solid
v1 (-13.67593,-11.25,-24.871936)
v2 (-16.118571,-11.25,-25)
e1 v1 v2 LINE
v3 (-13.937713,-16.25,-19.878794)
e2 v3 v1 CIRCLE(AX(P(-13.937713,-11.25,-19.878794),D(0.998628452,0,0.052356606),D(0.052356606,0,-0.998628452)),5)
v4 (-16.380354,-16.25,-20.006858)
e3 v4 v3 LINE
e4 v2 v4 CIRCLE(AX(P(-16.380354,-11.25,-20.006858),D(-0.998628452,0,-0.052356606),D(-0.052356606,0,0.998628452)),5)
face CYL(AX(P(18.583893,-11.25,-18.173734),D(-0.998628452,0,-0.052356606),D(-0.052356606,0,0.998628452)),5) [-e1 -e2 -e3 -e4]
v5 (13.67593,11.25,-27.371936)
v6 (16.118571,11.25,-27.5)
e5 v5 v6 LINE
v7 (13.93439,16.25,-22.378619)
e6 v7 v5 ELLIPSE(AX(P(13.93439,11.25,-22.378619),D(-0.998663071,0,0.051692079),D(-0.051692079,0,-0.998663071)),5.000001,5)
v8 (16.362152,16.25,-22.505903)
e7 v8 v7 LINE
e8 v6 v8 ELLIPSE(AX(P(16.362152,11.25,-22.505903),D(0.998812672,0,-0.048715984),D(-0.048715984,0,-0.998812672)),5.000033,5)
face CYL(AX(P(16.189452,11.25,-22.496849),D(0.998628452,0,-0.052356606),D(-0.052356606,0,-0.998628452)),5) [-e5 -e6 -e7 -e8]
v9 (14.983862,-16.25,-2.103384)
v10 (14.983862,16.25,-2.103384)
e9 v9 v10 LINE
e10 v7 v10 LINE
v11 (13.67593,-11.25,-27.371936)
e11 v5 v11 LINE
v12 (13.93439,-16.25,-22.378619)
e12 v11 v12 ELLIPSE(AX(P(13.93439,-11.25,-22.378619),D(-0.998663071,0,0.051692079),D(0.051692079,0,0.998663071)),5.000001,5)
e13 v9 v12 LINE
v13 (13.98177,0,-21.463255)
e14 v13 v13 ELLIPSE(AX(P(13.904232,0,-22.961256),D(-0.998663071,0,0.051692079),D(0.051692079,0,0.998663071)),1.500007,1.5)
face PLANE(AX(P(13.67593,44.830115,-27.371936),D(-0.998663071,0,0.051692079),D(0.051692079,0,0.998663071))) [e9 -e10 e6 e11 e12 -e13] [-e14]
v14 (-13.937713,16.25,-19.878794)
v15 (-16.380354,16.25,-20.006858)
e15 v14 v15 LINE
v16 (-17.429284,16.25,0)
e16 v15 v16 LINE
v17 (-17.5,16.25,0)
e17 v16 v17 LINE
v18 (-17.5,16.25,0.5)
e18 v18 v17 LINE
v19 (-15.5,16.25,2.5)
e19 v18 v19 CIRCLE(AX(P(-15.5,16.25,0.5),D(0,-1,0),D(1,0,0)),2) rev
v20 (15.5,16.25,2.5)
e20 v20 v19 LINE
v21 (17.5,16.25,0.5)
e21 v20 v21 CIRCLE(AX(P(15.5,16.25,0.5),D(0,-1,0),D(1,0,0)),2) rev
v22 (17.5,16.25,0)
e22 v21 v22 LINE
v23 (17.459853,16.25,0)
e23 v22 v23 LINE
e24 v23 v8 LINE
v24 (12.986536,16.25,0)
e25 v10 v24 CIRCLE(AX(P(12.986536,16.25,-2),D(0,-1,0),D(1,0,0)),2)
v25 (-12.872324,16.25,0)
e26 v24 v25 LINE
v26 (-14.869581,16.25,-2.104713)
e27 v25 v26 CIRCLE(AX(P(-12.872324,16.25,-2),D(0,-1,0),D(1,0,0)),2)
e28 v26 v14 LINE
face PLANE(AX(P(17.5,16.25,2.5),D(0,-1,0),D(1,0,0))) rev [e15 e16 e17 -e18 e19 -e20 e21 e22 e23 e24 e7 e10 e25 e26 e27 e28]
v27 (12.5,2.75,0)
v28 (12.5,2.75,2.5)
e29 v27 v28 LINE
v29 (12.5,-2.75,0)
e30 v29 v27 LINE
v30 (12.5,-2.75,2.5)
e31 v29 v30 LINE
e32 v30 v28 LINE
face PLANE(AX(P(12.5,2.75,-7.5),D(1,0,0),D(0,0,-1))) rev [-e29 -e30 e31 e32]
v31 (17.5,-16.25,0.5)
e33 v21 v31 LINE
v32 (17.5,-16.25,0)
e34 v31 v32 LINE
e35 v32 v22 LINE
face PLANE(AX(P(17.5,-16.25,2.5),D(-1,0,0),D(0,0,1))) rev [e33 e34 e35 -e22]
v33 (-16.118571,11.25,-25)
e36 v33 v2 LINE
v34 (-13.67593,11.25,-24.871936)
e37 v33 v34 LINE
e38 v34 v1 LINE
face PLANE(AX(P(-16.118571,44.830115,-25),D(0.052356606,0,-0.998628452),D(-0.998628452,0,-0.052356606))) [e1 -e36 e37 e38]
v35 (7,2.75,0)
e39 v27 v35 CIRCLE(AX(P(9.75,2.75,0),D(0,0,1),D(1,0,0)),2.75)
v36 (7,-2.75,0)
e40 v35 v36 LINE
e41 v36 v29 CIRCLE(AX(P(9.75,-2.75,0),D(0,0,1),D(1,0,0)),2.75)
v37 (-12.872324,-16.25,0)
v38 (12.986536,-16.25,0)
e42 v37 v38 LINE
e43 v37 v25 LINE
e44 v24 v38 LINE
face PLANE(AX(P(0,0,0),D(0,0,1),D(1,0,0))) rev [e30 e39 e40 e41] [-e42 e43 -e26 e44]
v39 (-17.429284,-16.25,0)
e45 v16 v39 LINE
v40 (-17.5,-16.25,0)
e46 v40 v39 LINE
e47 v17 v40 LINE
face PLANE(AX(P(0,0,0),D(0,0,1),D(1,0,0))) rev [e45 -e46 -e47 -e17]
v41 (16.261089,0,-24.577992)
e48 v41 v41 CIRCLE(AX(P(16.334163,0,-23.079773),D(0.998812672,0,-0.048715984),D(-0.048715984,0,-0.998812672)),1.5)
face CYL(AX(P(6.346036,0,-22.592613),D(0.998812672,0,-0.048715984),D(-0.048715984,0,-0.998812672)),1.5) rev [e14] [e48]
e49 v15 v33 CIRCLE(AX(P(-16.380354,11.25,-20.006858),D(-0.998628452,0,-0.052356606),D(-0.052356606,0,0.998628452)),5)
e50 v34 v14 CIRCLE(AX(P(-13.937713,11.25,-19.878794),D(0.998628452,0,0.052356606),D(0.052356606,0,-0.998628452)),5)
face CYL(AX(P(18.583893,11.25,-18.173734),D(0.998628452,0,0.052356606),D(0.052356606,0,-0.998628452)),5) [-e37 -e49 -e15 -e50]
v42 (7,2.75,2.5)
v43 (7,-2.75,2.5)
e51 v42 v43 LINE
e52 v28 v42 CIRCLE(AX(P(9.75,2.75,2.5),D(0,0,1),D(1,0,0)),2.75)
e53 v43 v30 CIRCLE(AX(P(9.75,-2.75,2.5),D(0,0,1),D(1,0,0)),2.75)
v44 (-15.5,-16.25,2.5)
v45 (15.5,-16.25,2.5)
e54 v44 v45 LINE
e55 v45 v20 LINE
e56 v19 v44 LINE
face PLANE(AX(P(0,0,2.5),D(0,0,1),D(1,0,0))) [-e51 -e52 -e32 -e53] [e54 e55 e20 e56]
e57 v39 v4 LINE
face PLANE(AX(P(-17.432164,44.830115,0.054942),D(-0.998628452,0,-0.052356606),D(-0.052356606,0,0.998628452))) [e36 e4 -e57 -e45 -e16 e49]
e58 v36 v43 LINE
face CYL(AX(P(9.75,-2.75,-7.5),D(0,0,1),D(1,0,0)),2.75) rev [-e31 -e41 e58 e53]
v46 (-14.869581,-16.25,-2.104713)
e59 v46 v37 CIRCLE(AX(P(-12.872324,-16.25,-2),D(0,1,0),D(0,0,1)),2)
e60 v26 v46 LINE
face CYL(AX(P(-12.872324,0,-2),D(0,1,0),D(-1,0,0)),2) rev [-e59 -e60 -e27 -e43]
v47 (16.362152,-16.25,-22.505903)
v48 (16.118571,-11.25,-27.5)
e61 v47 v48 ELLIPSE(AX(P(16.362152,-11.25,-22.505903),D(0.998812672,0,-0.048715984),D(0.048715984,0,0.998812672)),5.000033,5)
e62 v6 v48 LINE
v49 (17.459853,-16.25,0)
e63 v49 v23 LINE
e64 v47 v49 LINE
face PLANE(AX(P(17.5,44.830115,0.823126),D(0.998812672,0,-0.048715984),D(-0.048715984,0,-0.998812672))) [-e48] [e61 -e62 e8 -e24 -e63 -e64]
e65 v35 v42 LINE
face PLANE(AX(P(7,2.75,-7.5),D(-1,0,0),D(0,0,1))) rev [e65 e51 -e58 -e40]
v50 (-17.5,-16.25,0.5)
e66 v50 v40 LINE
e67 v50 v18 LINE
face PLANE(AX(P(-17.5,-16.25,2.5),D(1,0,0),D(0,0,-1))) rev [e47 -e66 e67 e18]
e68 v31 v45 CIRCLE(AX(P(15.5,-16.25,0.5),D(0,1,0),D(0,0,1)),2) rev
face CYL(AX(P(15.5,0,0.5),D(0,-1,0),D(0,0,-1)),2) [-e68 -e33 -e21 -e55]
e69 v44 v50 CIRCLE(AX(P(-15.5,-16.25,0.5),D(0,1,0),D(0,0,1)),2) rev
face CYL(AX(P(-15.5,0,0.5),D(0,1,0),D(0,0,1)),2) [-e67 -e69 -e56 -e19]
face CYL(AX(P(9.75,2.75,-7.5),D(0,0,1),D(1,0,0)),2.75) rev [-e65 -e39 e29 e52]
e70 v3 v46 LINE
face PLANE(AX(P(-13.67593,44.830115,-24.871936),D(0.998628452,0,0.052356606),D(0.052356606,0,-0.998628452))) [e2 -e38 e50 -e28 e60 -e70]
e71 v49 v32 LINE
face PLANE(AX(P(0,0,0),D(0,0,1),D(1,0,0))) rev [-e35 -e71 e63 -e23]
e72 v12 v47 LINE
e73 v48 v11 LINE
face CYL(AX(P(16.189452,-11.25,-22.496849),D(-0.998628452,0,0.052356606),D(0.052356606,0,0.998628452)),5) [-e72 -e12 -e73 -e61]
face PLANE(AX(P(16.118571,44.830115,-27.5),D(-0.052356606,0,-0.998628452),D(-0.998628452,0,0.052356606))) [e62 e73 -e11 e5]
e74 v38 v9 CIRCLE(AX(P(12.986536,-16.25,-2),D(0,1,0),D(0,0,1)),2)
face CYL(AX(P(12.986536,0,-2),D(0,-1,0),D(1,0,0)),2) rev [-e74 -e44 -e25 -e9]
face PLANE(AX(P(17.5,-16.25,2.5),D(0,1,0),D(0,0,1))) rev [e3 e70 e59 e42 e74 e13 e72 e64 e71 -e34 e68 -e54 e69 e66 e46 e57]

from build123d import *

# Parameters (mm, degrees)
SKETCH_1_W          = 35
SKETCH_1_H          = 32.5
EXTRUDE_1_DEPTH     = 2.5
EXTRUDE_2_DEPTH     = 32.5
FILLET_1_R          = 2
FILLET_2_R          = 5
SKETCH_3_R          = 1.5
CUT_EXTRUDE_1_DEPTH = 10
CUT_EXTRUDE_2_DEPTH = 10


with BuildPart() as part:
    # 草图1 → 凸台-拉伸1 (new body)
    with BuildSketch(Plane.XY):
        Rectangle(SKETCH_1_W, SKETCH_1_H)
    extrude(amount=EXTRUDE_1_DEPTH)

    # 草图2 → 凸台-拉伸2 (add)
    with BuildSketch(Plane.XZ.offset(16.25)):
        Polygon((-13.675929559, -24.871935947), (-14.98280876, 0.054942395), (-17.43216424, 0.054942395), (-16.118570831, -25), align=None)
        Polygon((16.118570831, -27.5), (13.675929559, -27.371935947), (15.108562872, 0.305766553), (17.5, 0.82312635), align=None)
    extrude(amount=-EXTRUDE_2_DEPTH)

    # 圆角1
    fillet_1_edges = [part.edges().sort_by_distance(p)[0] for p in [
        (17.5, 0, 2.5),
        (-14.979928212, 0, 0),
        (15.092736004, 0, 0),
        (-17.5, 0, 2.5),
    ]]
    fillet(fillet_1_edges, radius=FILLET_1_R)

    # 圆角2
    fillet_2_edges = [part.edges().sort_by_distance(p)[0] for p in [
        (-14.897250195, -16.25, -24.935967973),
        (-14.897250195, 16.25, -24.935967973),
        (14.897250195, -16.25, -27.435967973),
        (14.897250195, 16.25, -27.435967973),
    ]]
    fillet(fillet_2_edges, radius=FILLET_2_R)

    # 草图3 → 切除-拉伸1 (cut)
    with BuildSketch(Plane(origin=(17.418416378, 0, -0.849563998), x_dir=(-0.048715984, 0, -0.998812672), z_dir=(0.998812672, 0, -0.048715984))):
        with Locations((22.256634944, 0)):
            Circle(SKETCH_3_R)
    extrude(amount=-CUT_EXTRUDE_1_DEPTH, mode=Mode.SUBTRACT)

    # 草图4 → 切除-拉伸2 (cut)
    with BuildSketch(Plane.XY.offset(2.5)):
        with BuildLine():
            Line((12.5, 2.75), (12.5, -2.75))
            ThreePointArc((12.5, -2.75), (9.75, -5.5), (7, -2.75))
            Line((7, -2.75), (7, 2.75))
            ThreePointArc((7, 2.75), (9.75, 5.5), (12.5, 2.75))
        make_face()
    extrude(amount=-CUT_EXTRUDE_2_DEPTH, mode=Mode.SUBTRACT)


solid = part.part
